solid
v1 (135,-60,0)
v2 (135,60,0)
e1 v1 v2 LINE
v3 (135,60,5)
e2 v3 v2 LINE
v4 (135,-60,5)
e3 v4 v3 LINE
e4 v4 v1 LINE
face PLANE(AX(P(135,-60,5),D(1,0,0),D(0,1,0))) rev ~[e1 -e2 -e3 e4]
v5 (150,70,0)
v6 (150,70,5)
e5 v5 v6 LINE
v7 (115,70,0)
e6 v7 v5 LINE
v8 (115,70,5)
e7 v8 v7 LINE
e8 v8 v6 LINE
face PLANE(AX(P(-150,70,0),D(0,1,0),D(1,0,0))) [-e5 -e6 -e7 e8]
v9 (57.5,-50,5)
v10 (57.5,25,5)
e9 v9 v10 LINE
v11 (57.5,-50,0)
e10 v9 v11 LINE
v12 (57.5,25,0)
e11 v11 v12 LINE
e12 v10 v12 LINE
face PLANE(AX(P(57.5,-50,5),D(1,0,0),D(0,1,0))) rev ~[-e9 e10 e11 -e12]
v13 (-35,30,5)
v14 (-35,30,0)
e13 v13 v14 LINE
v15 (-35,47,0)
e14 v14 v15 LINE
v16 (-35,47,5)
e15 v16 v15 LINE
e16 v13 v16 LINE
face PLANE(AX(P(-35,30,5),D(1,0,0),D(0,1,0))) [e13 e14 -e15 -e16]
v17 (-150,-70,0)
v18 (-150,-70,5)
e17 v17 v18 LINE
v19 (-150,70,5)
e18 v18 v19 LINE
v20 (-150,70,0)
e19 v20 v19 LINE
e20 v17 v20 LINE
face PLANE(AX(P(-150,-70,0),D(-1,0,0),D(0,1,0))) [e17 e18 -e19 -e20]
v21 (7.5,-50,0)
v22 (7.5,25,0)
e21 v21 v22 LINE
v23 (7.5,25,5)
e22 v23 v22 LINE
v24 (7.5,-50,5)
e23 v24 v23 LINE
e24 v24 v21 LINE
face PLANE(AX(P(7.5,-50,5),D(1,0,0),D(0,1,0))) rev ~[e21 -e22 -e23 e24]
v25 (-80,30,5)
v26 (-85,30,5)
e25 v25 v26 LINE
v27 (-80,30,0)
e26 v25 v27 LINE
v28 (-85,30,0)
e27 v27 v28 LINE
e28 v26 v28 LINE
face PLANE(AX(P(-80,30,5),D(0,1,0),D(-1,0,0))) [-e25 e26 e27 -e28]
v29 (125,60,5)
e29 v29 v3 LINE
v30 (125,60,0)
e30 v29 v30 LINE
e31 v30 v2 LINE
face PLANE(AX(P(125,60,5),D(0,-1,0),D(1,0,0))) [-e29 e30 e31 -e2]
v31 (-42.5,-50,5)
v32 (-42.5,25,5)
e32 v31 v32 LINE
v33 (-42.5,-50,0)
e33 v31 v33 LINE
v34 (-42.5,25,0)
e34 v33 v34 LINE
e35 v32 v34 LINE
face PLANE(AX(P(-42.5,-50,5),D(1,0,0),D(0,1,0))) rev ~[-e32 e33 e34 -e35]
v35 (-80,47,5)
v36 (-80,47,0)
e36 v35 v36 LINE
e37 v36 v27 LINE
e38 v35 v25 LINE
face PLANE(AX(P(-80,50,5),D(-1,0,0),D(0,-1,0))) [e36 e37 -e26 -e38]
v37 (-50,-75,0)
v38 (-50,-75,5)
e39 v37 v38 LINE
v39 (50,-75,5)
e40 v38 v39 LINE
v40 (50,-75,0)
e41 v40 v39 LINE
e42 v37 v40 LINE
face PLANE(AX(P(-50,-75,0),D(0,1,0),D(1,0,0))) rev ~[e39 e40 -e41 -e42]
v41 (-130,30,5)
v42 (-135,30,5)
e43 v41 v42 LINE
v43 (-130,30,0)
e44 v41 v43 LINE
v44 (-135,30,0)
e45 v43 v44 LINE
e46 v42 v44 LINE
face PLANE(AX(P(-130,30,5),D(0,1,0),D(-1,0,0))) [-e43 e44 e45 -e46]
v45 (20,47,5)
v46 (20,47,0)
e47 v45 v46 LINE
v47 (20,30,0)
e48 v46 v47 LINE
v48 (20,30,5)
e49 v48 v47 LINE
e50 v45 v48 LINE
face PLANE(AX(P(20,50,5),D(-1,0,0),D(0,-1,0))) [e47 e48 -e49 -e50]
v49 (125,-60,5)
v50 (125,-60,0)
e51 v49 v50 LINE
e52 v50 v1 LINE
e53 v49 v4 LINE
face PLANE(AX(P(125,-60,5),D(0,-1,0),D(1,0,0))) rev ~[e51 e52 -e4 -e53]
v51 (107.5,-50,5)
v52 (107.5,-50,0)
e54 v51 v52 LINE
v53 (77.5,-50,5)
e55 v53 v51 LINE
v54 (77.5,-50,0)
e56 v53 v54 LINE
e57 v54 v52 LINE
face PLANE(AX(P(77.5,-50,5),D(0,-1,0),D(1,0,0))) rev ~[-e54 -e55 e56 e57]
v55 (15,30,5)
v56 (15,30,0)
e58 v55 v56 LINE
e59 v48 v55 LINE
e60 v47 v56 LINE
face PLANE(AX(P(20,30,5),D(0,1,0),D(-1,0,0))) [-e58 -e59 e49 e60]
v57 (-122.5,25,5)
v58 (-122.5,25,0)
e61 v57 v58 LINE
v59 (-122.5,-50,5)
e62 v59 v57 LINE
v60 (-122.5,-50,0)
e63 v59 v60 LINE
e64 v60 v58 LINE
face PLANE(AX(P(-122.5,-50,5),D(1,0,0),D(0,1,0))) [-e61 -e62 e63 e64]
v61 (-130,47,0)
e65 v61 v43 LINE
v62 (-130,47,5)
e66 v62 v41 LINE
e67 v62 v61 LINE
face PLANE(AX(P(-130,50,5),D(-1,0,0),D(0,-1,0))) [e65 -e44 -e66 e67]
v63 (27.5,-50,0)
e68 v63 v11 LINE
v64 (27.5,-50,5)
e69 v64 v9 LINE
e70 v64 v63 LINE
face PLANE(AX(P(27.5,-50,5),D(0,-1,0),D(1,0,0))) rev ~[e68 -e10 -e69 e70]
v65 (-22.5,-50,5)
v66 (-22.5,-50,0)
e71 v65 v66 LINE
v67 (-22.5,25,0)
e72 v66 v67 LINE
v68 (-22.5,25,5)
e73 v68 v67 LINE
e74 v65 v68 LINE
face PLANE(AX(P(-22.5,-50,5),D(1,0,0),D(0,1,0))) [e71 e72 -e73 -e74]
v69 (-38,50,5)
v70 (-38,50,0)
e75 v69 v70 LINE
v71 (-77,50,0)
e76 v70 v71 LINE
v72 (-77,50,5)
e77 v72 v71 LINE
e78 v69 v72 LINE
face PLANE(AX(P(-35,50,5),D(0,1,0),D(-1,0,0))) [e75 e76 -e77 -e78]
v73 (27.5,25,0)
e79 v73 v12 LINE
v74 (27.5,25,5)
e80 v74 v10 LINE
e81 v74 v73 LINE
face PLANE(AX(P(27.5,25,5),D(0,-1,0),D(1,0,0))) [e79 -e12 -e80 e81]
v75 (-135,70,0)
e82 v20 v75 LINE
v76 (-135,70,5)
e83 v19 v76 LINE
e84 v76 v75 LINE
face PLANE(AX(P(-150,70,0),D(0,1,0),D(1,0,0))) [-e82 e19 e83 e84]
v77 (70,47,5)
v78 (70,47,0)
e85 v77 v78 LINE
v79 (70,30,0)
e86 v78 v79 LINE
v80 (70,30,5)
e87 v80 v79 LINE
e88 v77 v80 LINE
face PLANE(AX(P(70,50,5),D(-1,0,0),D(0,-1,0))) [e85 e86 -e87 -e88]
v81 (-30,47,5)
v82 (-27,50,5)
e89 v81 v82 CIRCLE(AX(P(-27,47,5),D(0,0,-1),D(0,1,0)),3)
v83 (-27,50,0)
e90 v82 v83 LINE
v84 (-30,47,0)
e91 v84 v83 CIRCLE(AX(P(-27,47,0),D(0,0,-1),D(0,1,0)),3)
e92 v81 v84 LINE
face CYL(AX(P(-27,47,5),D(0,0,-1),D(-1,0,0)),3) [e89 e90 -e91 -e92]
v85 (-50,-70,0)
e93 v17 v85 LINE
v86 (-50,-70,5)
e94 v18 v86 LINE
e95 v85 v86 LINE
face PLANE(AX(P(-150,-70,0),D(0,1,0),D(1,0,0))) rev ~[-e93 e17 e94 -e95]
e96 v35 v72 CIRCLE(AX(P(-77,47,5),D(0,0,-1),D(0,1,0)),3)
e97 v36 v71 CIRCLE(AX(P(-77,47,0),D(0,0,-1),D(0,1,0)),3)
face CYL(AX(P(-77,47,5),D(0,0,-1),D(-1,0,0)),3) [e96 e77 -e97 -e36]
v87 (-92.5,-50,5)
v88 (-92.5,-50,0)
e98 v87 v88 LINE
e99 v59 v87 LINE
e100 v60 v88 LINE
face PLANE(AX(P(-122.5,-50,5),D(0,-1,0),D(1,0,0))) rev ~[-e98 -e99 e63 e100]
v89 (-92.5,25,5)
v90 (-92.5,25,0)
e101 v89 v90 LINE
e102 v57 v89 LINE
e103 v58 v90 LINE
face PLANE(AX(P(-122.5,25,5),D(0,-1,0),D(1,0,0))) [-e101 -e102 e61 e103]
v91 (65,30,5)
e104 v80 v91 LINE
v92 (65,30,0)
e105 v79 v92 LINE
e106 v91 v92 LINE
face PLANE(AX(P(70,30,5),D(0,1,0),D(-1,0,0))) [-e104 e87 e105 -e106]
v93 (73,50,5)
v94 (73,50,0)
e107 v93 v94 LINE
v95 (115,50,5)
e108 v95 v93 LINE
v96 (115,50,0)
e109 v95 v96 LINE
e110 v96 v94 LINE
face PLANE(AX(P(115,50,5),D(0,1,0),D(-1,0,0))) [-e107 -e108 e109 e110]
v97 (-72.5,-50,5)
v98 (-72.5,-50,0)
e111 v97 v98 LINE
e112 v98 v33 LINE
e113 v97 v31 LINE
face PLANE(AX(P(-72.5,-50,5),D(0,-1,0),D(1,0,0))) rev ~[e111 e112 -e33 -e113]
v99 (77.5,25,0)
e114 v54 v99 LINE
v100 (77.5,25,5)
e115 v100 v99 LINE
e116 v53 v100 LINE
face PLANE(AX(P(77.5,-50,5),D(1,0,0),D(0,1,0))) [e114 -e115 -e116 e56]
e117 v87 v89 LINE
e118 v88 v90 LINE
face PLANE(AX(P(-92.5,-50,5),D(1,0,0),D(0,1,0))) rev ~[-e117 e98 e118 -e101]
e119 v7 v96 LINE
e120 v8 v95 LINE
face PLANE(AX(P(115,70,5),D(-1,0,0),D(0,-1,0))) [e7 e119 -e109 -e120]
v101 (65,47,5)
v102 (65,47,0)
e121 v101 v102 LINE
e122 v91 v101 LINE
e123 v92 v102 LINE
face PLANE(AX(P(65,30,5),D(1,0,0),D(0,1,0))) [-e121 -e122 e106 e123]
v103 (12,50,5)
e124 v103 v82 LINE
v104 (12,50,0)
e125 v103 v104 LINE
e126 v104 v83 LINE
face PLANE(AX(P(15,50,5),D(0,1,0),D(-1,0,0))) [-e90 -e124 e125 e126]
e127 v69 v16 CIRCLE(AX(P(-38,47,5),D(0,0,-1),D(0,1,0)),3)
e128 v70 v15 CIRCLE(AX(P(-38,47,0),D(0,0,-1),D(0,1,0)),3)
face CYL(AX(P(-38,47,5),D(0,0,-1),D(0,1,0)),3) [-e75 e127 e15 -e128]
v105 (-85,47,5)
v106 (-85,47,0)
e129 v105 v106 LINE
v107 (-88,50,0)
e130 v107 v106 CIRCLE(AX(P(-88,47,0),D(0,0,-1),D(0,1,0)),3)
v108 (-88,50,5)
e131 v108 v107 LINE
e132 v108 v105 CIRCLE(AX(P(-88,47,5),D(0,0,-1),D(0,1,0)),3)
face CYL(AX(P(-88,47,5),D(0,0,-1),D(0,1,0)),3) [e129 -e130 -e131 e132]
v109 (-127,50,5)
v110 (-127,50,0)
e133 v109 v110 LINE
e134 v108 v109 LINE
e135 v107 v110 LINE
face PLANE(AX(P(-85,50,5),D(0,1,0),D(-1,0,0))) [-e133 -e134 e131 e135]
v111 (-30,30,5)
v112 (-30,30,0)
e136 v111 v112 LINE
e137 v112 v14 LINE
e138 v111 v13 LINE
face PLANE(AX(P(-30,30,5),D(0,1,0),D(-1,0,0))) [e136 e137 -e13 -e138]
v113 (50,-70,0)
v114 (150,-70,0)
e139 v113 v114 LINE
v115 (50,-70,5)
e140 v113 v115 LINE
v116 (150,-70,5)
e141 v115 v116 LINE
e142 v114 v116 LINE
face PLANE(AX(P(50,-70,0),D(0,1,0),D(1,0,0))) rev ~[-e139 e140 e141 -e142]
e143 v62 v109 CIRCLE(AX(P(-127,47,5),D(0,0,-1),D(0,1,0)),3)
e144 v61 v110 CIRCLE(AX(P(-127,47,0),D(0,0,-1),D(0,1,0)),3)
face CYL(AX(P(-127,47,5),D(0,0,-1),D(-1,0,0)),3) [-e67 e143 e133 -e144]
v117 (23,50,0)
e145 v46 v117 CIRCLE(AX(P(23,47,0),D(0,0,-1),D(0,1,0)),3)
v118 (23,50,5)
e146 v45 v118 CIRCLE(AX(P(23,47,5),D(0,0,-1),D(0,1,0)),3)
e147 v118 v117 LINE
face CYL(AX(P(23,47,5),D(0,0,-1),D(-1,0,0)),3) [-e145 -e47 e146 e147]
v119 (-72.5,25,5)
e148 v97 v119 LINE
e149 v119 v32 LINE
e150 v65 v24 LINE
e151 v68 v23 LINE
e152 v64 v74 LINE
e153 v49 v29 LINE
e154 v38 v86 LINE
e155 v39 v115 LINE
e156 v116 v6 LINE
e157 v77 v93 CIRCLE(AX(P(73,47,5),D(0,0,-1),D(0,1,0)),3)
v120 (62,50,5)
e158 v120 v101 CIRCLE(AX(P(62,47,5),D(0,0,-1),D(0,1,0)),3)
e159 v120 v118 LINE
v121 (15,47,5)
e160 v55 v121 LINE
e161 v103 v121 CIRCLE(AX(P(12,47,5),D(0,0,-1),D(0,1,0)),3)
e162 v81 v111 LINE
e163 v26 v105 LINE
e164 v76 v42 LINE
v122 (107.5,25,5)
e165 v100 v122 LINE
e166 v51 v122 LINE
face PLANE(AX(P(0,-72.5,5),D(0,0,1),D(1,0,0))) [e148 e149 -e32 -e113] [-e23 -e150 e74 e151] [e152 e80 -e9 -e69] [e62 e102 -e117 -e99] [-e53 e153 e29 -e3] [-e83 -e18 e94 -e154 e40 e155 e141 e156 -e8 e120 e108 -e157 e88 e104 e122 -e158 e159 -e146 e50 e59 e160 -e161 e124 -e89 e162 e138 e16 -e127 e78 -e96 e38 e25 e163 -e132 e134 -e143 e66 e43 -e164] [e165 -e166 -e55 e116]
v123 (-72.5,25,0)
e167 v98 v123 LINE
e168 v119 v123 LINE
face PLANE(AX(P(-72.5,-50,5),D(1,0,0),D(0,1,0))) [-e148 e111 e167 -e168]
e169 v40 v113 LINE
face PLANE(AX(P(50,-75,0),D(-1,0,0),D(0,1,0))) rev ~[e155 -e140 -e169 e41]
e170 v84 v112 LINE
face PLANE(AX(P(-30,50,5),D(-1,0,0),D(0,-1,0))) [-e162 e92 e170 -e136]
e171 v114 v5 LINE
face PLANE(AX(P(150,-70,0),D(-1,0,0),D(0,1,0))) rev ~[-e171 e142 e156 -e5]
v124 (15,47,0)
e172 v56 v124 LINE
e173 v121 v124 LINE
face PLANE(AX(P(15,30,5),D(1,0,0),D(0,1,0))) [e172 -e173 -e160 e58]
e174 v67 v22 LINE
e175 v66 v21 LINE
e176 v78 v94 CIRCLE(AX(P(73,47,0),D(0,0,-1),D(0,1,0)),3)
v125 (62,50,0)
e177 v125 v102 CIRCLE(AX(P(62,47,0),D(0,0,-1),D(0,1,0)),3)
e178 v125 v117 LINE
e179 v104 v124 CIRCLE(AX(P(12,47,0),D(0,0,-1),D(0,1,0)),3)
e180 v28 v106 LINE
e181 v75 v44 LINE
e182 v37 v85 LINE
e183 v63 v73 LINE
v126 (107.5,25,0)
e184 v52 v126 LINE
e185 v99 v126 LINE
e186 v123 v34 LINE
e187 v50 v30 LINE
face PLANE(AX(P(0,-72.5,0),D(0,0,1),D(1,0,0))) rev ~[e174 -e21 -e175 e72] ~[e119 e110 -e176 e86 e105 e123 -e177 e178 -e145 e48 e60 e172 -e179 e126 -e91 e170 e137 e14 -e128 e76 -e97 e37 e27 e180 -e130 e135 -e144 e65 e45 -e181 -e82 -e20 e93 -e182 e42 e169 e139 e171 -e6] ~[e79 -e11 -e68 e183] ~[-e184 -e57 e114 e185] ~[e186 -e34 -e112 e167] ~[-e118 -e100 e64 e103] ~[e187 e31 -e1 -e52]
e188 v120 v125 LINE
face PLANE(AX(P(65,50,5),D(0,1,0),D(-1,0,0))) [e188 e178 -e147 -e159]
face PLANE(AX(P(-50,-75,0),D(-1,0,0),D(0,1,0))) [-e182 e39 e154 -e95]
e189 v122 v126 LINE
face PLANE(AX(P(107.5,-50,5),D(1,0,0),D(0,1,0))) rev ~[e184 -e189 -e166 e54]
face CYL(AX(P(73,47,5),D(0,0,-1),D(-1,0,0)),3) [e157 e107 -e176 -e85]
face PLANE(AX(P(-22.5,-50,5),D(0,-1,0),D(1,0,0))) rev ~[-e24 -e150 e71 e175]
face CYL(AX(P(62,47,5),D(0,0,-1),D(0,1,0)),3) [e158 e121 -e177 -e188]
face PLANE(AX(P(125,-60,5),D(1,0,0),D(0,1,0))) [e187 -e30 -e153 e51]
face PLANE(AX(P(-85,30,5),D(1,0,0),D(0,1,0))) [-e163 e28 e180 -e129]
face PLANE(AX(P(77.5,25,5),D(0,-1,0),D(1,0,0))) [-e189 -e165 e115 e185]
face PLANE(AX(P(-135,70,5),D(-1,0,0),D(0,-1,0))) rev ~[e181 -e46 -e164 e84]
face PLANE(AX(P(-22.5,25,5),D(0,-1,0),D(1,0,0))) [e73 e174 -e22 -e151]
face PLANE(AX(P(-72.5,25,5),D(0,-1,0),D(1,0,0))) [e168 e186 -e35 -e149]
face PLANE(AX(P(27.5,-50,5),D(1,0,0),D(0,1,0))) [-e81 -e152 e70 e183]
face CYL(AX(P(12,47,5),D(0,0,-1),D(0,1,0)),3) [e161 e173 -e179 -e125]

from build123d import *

# Parameters (mm, degrees)
SKIZZE1_W                       = 100
SKIZZE1_H                       = 5
SKIZZE1_W_2                     = 300
SKIZZE1_H_2                     = 140
AUFSATZ_LINEAR_AUSTRAGEN1_DEPTH = 5
SCHNITT_LINEAR_AUSTRAGEN1_DEPTH = 168.779617356
VERRUNDUNG1_R                   = 3
SKIZZE3_W                       = 30
SKIZZE3_H                       = 75
SKIZZE3_W_2                     = 10
SKIZZE3_H_2                     = 120
SCHNITT_LINEAR_AUSTRAGEN2_DEPTH = 168.779617356


with BuildPart() as part:
    # Skizze1 → Aufsatz-Linear austragen1 (new body)
    with BuildSketch(Plane.XY):
        with Locations((0, -72.5)):
            Rectangle(SKIZZE1_W, SKIZZE1_H)
        Rectangle(SKIZZE1_W_2, SKIZZE1_H_2)
    extrude(amount=AUFSATZ_LINEAR_AUSTRAGEN1_DEPTH)

    # Skizze2 → Schnitt-Linear austragen1 (cut, through all)
    with BuildSketch(Plane.XY.offset(5)):
        Polygon((-135, 70), (115, 70), (115, 50), (70, 50), (70, 30), (65, 30), (65, 50), (20, 50), (20, 30), (15, 30), (15, 50), (-30, 50), (-30, 30), (-35, 30), (-35, 50), (-80, 50), (-80, 30), (-85, 30), (-85, 50), (-130, 50), (-130, 30), (-135, 30), (-135, 50), align=None)
    extrude(amount=-SCHNITT_LINEAR_AUSTRAGEN1_DEPTH, mode=Mode.SUBTRACT)

    # Verrundung1
    verrundung1_edges = [part.edges().sort_by_distance(p)[0] for p in [
        (70, 50, 2.5),
        (65, 50, 2.5),
        (20, 50, 2.5),
        (15, 50, 2.5),
        (-30, 50, 2.5),
        (-35, 50, 2.5),
        (-80, 50, 2.5),
        (-85, 50, 2.5),
        (-130, 50, 2.5),
    ]]
    fillet(verrundung1_edges, radius=VERRUNDUNG1_R)

    # Skizze3 → Schnitt-Linear austragen2 (cut, through all)
    with BuildSketch(Plane.XY.offset(5)):
        with Locations((-107.5, -12.5)):
            Rectangle(SKIZZE3_W, SKIZZE3_H)
        with Locations((-57.5, -12.5)):
            Rectangle(SKIZZE3_W, SKIZZE3_H)
        with Locations((-7.5, -12.5)):
            Rectangle(SKIZZE3_W, SKIZZE3_H)
        with Locations((42.5, -12.5)):
            Rectangle(SKIZZE3_W, SKIZZE3_H)
        with Locations((92.5, -12.5)):
            Rectangle(SKIZZE3_W, SKIZZE3_H)
        with Locations((130, 0)):
            Rectangle(SKIZZE3_W_2, SKIZZE3_H_2)
    extrude(amount=-SCHNITT_LINEAR_AUSTRAGEN2_DEPTH, mode=Mode.SUBTRACT)


solid = part.part
